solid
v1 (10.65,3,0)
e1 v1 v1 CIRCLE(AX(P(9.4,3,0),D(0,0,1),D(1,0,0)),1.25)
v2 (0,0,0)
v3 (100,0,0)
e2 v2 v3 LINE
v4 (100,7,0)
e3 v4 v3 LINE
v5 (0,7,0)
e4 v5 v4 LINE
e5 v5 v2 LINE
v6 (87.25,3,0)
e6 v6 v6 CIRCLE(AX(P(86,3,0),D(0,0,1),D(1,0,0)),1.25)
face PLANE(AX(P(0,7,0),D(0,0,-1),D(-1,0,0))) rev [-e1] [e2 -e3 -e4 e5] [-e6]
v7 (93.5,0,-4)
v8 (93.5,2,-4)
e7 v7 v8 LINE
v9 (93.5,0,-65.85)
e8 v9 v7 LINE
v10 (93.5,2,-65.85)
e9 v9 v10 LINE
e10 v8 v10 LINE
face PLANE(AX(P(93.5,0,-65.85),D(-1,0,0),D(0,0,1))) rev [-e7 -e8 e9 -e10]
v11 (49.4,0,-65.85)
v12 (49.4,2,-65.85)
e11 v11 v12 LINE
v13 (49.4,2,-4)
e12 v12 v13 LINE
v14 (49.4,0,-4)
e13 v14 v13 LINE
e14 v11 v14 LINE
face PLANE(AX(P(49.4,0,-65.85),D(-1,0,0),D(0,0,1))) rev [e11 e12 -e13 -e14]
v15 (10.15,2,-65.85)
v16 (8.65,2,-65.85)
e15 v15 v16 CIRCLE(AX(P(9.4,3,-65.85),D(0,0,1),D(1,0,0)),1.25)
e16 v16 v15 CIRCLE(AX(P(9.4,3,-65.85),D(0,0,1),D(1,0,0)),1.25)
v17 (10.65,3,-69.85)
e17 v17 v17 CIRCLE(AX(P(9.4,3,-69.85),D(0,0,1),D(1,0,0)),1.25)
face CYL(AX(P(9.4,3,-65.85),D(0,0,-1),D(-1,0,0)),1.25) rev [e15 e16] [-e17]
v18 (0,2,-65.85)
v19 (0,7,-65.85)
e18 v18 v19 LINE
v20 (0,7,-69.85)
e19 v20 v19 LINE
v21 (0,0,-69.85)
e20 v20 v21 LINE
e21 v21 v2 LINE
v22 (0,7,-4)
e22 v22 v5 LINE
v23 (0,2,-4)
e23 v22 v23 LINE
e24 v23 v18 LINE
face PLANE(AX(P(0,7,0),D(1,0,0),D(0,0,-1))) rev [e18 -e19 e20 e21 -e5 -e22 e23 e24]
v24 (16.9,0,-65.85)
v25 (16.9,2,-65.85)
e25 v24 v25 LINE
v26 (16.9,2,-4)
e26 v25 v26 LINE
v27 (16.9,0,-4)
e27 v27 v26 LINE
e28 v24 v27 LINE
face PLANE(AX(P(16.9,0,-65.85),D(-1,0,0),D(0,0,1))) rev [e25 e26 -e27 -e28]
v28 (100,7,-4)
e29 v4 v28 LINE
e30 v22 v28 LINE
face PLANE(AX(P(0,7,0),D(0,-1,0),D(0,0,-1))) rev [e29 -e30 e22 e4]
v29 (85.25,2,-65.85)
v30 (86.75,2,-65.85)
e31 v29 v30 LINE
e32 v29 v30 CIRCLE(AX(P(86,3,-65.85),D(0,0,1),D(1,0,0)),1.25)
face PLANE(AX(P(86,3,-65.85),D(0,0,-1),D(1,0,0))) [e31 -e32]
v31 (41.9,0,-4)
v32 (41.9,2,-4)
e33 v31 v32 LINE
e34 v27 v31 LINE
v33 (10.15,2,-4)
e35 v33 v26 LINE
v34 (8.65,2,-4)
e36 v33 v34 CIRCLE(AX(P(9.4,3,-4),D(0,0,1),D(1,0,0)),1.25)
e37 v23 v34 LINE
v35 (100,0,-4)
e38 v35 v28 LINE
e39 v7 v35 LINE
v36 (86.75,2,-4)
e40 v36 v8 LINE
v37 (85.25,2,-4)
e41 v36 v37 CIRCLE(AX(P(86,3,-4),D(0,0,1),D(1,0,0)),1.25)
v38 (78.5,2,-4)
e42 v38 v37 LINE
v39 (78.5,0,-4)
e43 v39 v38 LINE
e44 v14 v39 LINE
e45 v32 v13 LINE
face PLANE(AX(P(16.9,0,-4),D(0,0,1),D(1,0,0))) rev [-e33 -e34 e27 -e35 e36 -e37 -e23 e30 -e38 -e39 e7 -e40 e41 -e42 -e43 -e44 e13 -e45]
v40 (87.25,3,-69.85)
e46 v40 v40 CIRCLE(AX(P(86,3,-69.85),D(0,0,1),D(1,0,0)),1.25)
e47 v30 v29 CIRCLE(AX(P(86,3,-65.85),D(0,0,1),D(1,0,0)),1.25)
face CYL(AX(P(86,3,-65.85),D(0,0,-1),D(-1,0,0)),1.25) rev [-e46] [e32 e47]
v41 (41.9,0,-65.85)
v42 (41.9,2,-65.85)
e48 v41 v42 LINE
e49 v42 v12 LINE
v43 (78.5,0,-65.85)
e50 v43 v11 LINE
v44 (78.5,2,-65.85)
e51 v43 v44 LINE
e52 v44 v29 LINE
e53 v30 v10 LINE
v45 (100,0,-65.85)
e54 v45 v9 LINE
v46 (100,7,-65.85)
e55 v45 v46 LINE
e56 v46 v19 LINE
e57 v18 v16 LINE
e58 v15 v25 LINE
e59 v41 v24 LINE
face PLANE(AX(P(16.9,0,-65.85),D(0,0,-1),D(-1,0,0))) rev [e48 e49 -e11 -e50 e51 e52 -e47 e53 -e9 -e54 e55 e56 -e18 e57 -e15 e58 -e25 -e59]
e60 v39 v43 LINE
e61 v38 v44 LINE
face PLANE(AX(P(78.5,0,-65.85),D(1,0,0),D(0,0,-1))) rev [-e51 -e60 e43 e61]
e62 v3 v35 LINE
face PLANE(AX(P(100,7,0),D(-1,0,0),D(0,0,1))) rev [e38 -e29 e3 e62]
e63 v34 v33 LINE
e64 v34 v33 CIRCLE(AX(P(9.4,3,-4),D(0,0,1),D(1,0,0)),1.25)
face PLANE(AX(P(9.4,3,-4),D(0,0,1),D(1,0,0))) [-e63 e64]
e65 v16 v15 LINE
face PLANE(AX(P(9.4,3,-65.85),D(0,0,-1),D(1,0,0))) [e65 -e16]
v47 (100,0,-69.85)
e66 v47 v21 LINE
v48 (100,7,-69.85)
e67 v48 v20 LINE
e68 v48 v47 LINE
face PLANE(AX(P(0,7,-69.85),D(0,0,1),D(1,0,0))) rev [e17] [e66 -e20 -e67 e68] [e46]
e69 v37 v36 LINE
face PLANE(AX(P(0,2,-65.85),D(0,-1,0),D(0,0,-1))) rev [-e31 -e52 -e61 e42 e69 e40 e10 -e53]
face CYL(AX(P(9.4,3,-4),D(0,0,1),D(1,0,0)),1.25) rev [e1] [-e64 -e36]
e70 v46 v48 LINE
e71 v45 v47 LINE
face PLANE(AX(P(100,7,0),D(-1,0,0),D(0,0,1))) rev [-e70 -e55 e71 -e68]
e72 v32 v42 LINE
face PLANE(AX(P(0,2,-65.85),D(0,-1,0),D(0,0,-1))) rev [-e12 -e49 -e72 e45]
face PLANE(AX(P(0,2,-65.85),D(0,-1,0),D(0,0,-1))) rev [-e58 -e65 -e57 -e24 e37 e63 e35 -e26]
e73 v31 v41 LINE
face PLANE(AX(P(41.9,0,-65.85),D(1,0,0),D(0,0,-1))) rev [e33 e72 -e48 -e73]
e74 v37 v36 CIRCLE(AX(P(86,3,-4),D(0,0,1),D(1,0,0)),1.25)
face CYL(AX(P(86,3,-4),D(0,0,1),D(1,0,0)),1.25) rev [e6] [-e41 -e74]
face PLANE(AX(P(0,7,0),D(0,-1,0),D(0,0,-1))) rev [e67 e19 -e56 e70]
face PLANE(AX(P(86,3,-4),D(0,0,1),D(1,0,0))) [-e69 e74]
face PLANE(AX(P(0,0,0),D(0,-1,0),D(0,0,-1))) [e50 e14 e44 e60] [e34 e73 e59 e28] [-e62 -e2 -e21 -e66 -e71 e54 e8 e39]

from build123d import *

# Parameters (mm, degrees)
SKETCH1_W           = 100
SKETCH1_H           = 69.85
BOSS_EXTRUDE1_DEPTH = 7
SKETCH2_R           = 1.25
CUT_EXTRUDE1_DEPTH  = 4
SKETCH3_W           = 25
SKETCH3_H           = 61.85
SKETCH3_W_2         = 29.1
SKETCH3_W_3         = 6.5
CUT_EXTRUDE2_DEPTH  = 8
SKETCH4_W           = 61.85
SKETCH4_H           = 5
CUT_EXTRUDE3_DEPTH  = 94.5


with BuildPart() as part:
    # Sketch1 → Boss-Extrude1 (new body)
    with BuildSketch(Plane(origin=(0, 0, 0), x_dir=(1, 0, 0), z_dir=(0, 1, 0))):
        with Locations((50, 34.925)):
            Rectangle(SKETCH1_W, SKETCH1_H)
    extrude(amount=BOSS_EXTRUDE1_DEPTH)

    # Sketch2 → Cut-Extrude1 (cut)
    with BuildSketch(Plane.XY):
        with Locations((86, 3)):
            Circle(SKETCH2_R)
        with Locations((9.4, 3)):
            Circle(SKETCH2_R)
    cut_extrude1 = extrude(amount=-CUT_EXTRUDE1_DEPTH, mode=Mode.SUBTRACT)

    # Sketch3 → Cut-Extrude2 (cut, through all)
    with BuildSketch(Plane(origin=(0, 7, 0), x_dir=(1, 0, 0), z_dir=(0, 1, 0))):
        with Locations((29.4, 34.925)):
            Rectangle(SKETCH3_W, SKETCH3_H)
        with Locations((63.95, 34.925)):
            Rectangle(SKETCH3_W_2, SKETCH3_H)
        with Locations((96.75, 34.925)):
            Rectangle(SKETCH3_W_3, SKETCH3_H)
    extrude(amount=-CUT_EXTRUDE2_DEPTH, mode=Mode.SUBTRACT)

    # Sketch4 → Cut-Extrude3 (cut, through all)
    with BuildSketch(Plane(origin=(93.5, 0, 0), x_dir=(0, 0, -1), z_dir=(1, 0, 0))):
        with Locations((34.925, 4.5)):
            Rectangle(SKETCH4_W, SKETCH4_H)
    extrude(amount=-CUT_EXTRUDE3_DEPTH, mode=Mode.SUBTRACT)

    # Mirror1: Cut-Extrude1 across plane
    add(cut_extrude1.mirror(Plane.XY.offset(-34.925)), mode=Mode.SUBTRACT)


solid = part.part
